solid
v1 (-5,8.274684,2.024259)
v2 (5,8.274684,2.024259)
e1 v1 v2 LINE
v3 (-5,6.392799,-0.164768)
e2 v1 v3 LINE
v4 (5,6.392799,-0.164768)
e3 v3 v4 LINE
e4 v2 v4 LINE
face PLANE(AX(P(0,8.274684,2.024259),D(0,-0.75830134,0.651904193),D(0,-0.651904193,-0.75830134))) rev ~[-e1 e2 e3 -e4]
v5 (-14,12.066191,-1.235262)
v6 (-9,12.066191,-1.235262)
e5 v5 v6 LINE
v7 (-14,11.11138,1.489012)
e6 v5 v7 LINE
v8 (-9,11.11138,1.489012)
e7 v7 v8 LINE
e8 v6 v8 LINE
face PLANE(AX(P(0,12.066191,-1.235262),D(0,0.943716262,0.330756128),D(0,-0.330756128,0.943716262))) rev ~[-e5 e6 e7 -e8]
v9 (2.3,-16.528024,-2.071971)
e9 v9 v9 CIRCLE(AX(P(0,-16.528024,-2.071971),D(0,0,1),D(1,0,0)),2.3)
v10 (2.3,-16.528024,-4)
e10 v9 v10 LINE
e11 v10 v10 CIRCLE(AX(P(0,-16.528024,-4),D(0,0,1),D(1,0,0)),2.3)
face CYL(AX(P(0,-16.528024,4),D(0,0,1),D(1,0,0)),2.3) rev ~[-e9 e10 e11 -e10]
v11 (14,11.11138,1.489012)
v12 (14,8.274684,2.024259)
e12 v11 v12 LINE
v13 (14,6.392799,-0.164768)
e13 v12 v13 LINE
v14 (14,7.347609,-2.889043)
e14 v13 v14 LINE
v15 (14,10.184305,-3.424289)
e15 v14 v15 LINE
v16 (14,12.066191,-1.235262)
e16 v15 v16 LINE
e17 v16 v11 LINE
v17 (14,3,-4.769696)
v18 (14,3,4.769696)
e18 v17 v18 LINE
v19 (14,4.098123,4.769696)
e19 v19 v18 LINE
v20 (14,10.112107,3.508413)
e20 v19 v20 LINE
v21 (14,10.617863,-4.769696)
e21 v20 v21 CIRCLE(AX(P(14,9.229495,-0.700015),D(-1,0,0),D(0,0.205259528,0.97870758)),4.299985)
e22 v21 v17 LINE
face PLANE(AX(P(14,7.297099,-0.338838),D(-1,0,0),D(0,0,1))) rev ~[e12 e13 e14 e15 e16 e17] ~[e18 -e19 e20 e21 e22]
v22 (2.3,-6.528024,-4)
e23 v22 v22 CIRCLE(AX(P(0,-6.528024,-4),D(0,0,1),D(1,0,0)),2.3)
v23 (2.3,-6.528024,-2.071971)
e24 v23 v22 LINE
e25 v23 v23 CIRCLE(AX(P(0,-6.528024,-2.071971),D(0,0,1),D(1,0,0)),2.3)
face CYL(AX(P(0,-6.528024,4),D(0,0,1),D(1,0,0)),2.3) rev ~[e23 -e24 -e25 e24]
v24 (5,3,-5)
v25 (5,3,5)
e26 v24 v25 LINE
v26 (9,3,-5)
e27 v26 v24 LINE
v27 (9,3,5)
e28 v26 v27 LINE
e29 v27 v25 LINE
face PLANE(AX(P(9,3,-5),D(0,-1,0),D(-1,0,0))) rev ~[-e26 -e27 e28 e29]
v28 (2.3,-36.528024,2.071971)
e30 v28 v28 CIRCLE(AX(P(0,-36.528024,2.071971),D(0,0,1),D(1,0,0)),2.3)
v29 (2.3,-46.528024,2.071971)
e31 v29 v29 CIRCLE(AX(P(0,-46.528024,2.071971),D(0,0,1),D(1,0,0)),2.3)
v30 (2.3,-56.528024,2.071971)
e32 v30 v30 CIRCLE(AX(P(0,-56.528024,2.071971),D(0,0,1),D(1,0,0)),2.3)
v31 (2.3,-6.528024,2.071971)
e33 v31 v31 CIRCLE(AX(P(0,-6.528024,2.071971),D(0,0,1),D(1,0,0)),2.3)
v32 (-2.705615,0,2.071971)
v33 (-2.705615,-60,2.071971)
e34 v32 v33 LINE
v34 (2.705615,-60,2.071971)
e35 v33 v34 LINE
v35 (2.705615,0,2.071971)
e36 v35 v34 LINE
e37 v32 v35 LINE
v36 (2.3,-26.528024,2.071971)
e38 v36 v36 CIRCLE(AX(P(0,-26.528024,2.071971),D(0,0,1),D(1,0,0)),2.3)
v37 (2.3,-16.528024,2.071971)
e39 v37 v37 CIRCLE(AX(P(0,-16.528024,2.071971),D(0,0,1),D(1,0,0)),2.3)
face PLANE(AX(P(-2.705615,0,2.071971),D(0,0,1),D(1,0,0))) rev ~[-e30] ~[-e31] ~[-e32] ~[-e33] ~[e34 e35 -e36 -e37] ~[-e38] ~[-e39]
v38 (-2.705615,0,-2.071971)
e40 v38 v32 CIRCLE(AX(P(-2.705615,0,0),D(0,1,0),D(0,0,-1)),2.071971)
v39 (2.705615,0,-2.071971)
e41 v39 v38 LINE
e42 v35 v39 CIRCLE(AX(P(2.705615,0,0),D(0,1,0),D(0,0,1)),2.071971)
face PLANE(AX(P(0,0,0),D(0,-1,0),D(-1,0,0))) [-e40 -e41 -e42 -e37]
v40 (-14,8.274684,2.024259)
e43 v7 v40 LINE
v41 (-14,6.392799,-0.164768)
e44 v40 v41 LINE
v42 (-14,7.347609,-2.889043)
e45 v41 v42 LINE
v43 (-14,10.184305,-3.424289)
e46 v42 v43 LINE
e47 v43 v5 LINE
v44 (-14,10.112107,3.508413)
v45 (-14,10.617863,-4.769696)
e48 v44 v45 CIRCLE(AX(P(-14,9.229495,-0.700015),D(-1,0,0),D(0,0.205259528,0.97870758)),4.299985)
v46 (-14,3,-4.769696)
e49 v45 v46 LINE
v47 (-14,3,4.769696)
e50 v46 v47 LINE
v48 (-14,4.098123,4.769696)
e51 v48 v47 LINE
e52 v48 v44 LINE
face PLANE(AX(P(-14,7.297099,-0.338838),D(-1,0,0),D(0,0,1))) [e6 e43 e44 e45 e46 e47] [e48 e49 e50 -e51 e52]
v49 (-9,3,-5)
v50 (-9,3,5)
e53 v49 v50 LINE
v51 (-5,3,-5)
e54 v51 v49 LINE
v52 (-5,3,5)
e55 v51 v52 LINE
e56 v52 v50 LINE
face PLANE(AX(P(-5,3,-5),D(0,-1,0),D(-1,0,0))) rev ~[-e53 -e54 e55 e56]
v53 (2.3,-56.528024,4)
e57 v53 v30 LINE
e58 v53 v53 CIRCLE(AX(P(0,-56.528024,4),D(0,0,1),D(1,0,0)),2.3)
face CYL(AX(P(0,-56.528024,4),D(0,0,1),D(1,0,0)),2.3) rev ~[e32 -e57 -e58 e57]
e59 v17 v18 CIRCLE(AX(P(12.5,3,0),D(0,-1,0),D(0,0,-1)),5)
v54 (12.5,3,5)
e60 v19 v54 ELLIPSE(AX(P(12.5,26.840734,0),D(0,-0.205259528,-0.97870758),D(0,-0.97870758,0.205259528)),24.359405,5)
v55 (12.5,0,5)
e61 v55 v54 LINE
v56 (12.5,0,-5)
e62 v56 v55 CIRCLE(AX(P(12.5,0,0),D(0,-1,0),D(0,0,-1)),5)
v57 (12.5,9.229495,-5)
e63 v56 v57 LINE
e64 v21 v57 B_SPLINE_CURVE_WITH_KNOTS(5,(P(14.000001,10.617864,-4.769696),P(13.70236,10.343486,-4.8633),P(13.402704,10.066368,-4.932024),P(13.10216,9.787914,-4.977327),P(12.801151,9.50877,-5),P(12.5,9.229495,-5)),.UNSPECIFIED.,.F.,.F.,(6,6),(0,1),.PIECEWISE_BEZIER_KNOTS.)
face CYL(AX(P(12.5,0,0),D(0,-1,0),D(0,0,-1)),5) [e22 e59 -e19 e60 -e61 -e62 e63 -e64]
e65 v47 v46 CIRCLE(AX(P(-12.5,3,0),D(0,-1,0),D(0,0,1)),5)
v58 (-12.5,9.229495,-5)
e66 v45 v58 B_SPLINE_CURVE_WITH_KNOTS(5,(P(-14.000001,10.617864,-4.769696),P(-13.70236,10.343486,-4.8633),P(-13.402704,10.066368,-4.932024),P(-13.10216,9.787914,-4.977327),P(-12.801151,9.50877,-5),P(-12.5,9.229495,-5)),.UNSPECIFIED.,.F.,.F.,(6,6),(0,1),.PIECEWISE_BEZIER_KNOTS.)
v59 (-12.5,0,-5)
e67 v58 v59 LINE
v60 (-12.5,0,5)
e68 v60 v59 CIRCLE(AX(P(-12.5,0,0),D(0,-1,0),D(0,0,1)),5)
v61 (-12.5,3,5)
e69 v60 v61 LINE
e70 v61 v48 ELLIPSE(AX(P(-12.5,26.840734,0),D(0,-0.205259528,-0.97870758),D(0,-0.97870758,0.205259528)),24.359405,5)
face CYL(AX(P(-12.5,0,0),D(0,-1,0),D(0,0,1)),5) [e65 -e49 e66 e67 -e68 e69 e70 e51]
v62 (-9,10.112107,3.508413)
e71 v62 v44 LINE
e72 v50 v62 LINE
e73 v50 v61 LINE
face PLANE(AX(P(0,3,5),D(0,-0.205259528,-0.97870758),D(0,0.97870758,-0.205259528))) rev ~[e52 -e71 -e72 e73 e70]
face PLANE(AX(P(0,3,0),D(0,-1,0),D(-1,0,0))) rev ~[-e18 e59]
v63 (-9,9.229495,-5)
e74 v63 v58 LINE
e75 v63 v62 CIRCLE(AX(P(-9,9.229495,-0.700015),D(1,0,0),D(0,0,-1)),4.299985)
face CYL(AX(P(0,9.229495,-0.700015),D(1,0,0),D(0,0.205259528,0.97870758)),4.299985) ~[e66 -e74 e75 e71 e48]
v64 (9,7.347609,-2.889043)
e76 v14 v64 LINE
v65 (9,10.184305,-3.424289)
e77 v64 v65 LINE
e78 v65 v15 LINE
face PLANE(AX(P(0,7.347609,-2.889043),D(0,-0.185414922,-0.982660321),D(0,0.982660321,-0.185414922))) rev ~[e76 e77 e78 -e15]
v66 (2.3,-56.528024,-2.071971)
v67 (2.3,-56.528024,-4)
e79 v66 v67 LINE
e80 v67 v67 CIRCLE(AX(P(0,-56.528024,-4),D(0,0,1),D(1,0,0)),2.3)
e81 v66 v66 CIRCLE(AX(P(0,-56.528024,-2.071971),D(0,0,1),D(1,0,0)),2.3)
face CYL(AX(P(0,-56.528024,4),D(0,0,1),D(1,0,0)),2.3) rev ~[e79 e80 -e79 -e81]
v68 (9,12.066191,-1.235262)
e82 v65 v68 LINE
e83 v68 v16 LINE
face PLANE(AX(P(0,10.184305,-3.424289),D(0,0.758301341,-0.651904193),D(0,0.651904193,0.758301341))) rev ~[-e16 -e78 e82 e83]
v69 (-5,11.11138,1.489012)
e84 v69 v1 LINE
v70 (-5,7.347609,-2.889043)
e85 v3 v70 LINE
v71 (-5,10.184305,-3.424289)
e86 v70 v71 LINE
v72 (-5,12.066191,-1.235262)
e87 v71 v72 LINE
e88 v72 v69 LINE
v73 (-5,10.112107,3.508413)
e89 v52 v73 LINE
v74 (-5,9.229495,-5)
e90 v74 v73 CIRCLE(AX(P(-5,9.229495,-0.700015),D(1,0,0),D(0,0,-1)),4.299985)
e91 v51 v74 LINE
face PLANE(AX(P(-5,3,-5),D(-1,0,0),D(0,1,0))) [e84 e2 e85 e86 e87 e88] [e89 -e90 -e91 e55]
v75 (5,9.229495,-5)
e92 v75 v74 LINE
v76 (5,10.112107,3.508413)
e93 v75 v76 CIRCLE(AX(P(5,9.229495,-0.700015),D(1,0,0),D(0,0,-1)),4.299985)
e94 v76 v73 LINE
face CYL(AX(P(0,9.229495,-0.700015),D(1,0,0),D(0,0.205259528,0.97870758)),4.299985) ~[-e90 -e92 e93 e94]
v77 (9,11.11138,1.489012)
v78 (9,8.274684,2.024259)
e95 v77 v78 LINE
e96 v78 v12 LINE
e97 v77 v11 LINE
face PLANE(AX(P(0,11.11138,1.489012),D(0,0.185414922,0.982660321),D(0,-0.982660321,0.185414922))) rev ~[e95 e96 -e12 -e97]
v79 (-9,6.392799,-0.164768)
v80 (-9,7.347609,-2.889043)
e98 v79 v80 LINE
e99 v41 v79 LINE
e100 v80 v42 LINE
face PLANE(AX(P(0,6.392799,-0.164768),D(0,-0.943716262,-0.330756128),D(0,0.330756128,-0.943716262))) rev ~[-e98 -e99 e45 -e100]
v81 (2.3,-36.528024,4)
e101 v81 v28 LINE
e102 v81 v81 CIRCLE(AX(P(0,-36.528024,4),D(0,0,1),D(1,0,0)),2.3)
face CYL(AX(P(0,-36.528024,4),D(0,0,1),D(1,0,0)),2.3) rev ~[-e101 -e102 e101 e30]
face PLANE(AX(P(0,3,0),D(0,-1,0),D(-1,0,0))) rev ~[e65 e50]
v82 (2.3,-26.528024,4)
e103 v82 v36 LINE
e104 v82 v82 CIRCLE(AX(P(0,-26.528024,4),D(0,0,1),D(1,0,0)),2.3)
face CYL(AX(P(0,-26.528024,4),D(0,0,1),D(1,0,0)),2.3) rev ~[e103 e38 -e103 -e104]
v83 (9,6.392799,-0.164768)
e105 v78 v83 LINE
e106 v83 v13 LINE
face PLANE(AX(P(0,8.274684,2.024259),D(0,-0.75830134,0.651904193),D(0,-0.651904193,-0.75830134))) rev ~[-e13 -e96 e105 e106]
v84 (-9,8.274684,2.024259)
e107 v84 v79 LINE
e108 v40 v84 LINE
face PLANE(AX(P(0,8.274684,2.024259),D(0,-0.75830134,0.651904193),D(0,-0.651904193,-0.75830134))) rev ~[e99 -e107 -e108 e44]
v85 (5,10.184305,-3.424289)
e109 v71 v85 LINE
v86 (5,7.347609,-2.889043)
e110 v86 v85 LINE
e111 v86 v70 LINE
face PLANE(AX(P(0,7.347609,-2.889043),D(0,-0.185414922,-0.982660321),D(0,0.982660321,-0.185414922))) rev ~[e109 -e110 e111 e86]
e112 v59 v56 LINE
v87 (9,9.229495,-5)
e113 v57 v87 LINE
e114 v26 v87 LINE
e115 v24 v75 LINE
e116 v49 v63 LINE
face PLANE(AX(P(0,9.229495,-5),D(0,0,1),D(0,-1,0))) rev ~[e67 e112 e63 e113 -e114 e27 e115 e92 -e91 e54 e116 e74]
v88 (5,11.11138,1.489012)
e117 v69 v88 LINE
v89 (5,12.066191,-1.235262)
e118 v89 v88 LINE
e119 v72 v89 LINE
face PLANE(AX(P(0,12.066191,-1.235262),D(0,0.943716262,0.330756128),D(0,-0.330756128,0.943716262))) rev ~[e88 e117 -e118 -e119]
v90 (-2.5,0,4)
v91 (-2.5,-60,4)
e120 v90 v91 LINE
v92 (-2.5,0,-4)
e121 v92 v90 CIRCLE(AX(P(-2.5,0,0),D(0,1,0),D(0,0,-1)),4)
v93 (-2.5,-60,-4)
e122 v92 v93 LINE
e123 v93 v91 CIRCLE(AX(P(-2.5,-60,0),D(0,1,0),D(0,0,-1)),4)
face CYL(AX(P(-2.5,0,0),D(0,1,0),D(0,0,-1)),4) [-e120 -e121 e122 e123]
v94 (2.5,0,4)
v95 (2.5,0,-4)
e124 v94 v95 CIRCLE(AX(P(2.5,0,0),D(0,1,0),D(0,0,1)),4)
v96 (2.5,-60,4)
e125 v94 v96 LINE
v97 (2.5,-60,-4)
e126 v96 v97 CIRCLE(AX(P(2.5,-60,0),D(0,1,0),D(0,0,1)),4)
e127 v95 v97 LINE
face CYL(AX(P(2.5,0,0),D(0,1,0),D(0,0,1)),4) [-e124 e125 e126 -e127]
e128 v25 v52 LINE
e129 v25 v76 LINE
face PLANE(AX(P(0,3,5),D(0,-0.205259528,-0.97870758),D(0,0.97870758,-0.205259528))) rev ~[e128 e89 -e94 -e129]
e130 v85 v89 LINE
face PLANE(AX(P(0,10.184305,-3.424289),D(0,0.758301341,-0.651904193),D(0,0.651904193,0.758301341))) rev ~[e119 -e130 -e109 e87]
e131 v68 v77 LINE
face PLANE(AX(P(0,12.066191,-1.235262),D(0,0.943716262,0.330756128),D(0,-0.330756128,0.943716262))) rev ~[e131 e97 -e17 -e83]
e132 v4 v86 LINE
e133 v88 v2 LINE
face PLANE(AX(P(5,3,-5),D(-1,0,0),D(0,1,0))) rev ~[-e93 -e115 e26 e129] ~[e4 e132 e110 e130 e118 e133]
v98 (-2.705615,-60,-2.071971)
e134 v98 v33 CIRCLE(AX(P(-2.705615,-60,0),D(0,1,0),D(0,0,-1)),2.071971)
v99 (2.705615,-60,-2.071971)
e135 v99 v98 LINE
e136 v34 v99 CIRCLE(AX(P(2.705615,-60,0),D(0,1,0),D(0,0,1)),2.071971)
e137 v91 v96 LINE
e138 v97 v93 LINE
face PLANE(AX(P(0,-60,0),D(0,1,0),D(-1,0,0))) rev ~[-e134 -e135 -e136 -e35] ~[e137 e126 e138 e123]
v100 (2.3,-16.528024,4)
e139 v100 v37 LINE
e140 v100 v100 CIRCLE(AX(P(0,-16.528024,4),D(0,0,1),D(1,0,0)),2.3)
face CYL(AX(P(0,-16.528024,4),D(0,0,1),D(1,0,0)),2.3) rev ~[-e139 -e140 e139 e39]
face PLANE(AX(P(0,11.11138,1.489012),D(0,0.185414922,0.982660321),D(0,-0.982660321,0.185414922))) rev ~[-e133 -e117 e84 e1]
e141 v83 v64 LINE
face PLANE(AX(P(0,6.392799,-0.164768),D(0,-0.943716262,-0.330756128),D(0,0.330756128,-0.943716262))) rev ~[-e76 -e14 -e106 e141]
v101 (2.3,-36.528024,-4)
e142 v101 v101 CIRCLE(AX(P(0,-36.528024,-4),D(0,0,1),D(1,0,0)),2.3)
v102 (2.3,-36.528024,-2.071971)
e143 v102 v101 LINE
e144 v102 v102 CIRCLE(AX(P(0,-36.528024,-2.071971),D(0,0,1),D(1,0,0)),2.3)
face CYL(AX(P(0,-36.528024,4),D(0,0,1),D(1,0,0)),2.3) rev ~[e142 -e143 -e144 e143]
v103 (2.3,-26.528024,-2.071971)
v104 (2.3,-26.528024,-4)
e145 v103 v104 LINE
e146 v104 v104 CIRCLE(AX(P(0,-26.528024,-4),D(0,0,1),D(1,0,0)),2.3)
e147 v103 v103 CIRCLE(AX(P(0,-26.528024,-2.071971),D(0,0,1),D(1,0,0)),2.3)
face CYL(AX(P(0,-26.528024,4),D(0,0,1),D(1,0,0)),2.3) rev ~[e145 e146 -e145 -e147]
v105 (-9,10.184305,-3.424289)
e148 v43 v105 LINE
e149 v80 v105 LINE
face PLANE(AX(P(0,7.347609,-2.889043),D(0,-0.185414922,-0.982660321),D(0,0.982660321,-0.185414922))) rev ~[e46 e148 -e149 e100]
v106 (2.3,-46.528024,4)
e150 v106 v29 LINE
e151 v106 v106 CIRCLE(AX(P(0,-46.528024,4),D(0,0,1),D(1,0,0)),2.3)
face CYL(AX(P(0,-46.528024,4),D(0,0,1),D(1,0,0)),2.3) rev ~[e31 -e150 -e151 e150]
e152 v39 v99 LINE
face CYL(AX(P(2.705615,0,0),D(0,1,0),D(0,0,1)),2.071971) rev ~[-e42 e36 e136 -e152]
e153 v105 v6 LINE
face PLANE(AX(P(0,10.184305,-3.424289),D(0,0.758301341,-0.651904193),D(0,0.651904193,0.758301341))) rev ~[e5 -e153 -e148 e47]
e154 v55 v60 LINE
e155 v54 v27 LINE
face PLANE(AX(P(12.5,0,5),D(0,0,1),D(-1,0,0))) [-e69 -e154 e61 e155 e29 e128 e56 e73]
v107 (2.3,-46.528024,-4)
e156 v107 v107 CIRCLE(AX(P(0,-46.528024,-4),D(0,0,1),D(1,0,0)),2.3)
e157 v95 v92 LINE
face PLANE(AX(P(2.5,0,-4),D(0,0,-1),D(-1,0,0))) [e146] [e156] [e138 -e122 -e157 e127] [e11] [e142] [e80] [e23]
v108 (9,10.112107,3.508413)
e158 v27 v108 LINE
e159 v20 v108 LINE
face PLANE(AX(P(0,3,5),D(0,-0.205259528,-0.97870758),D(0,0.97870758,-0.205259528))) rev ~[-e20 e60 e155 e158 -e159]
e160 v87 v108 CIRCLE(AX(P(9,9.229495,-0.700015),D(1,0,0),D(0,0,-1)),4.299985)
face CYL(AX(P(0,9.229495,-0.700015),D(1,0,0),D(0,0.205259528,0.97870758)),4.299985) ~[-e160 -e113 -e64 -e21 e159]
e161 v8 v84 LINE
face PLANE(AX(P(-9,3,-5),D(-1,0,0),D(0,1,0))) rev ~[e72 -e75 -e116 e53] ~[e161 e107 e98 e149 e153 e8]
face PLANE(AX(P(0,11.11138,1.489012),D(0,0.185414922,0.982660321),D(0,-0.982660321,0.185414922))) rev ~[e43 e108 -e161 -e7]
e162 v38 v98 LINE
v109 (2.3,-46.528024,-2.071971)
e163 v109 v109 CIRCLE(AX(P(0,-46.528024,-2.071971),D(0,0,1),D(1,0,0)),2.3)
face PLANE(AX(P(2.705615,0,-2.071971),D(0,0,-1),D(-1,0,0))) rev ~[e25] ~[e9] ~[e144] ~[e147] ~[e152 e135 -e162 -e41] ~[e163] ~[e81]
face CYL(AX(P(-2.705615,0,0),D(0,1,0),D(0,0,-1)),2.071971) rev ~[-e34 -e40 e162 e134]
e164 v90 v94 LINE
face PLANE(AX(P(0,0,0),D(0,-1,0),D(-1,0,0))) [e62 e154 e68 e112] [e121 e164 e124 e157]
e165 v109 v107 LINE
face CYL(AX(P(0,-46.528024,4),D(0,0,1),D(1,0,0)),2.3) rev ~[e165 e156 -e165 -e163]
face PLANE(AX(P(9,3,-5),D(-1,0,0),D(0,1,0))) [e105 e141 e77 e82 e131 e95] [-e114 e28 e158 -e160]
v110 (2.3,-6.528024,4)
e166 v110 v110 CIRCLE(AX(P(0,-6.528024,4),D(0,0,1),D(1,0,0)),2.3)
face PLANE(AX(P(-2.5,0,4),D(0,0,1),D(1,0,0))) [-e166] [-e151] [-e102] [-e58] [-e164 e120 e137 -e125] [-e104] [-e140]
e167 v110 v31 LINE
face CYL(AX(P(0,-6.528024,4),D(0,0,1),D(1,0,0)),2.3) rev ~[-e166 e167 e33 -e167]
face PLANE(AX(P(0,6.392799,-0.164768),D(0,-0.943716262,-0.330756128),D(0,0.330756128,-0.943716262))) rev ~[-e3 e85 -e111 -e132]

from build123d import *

# Parameters (mm, degrees)
EXTRUDE_1_DEPTH     = 3
EXTRUDE_2_DEPTH     = 14
EXTRUDE_3_DEPTH     = 60
SKETCH_4_R          = 2.3
CUT_EXTRUDE_1_DEPTH = 60
SKETCH_6_W          = 4
SKETCH_6_H          = 10.529479437
CUT_EXTRUDE_2_DEPTH = 60
CUT_EXTRUDE_4_DEPTH = 60


with BuildPart() as part:
    # 草图1 → 凸台-拉伸1 (new body)
    with BuildSketch(Plane(origin=(0, 0, 0), x_dir=(1, 0, 0), z_dir=(0, 1, 0))):
        with BuildLine():
            Line((-12.5, 5), (12.5, 5))
            ThreePointArc((12.5, 5), (17.5, 0), (12.5, -5))
            Line((12.5, -5), (-12.5, -5))
            ThreePointArc((-12.5, -5), (-17.5, 0), (-12.5, 5))
        make_face()
    extrude(amount=EXTRUDE_1_DEPTH)

    # 草图2 → 凸台-拉伸2 (add, symmetric)
    with BuildSketch(Plane(origin=(0, 0, 0), x_dir=(0, 0, -1), z_dir=(1, 0, 0))):
        with BuildLine():
            Line((-5, 3), (-3.508412685, 10.112107418))
            ThreePointArc((-3.508412685, 10.112107418), (1.143689593, 13.506528918), (5, 9.229494551))
            Line((5, 9.229494551), (5, 3))
            Line((5, 3), (-5, 3))
        make_face()
        Polygon((2.88904253, 7.347609244), (3.424289305, 10.184305249), (1.235261889, 12.066190555), (-1.489012301, 11.111379858), (-2.024259076, 8.274683853), (0.164768339, 6.392798546), align=None, mode=Mode.SUBTRACT)
    extrude(amount=EXTRUDE_2_DEPTH, both=True)

    # 草图3 → 凸台-拉伸3 (add)
    with BuildSketch(Plane.XZ):
        with BuildLine():
            Line((-2.5, 4), (2.5, 4))
            ThreePointArc((2.5, 4), (6.5, 0), (2.5, -4))
            Line((2.5, -4), (-2.5, -4))
            ThreePointArc((-2.5, -4), (-6.5, 0), (-2.5, 4))
        make_face()
        with BuildLine():
            Line((-2.705614888, 2.07197125), (2.705614888, 2.07197125))
            ThreePointArc((2.705614888, 2.07197125), (4.777586138, 0), (2.705614888, -2.07197125))
            Line((2.705614888, -2.07197125), (-2.705614888, -2.07197125))
            ThreePointArc((-2.705614888, -2.07197125), (-4.777586138, 0), (-2.705614888, 2.07197125))
        make_face(mode=Mode.SUBTRACT)
    extrude(amount=EXTRUDE_3_DEPTH)

    # 草图4 → 切除-拉伸1 (cut)
    with BuildSketch(Plane.XY.offset(4)):
        with Locations((0, -6.528023855)):
            Circle(SKETCH_4_R)
        with Locations((0, -16.528023855)):
            Circle(SKETCH_4_R)
        with Locations((0, -26.528023855)):
            Circle(SKETCH_4_R)
        with Locations((0, -36.528023855)):
            Circle(SKETCH_4_R)
        with Locations((0, -46.528023855)):
            Circle(SKETCH_4_R)
        with Locations((0, -56.528023855)):
            Circle(SKETCH_4_R)
    extrude(amount=-CUT_EXTRUDE_1_DEPTH, mode=Mode.SUBTRACT)

    # 草图6 → 切除-拉伸2 (cut)
    with BuildSketch(Plane(origin=(0, 0, -5), x_dir=(-1, 0, 0), z_dir=(0, 0, -1))):
        with Locations((-7, 8.264739718)):
            Rectangle(SKETCH_6_W, SKETCH_6_H)
        with Locations((7, 8.264739718)):
            Rectangle(SKETCH_6_W, SKETCH_6_H)
    extrude(amount=-CUT_EXTRUDE_2_DEPTH, mode=Mode.SUBTRACT)

    # 草图7 → 切除-拉伸4 (cut)
    with BuildSketch(Plane.XZ):
        with BuildLine():
            Line((-21.020097189, 8.097906294), (21.020097189, 8.097906294))
            ThreePointArc((21.020097189, 8.097906294), (29.118003483, 0), (21.020097189, -8.097906294))
            Line((21.020097189, -8.097906294), (-21.020097189, -8.097906294))
            ThreePointArc((-21.020097189, -8.097906294), (-29.118003483, 0), (-21.020097189, 8.097906294))
        make_face()
        with BuildLine():
            Line((-12.5, -5), (12.5, -5))
            ThreePointArc((12.5, -5), (17.5, 0), (12.5, 5))
            Line((12.5, 5), (-12.5, 5))
            ThreePointArc((-12.5, 5), (-17.5, 0), (-12.5, -5))
        make_face(mode=Mode.SUBTRACT)
    extrude(amount=-CUT_EXTRUDE_4_DEPTH, mode=Mode.SUBTRACT)


solid = part.part
